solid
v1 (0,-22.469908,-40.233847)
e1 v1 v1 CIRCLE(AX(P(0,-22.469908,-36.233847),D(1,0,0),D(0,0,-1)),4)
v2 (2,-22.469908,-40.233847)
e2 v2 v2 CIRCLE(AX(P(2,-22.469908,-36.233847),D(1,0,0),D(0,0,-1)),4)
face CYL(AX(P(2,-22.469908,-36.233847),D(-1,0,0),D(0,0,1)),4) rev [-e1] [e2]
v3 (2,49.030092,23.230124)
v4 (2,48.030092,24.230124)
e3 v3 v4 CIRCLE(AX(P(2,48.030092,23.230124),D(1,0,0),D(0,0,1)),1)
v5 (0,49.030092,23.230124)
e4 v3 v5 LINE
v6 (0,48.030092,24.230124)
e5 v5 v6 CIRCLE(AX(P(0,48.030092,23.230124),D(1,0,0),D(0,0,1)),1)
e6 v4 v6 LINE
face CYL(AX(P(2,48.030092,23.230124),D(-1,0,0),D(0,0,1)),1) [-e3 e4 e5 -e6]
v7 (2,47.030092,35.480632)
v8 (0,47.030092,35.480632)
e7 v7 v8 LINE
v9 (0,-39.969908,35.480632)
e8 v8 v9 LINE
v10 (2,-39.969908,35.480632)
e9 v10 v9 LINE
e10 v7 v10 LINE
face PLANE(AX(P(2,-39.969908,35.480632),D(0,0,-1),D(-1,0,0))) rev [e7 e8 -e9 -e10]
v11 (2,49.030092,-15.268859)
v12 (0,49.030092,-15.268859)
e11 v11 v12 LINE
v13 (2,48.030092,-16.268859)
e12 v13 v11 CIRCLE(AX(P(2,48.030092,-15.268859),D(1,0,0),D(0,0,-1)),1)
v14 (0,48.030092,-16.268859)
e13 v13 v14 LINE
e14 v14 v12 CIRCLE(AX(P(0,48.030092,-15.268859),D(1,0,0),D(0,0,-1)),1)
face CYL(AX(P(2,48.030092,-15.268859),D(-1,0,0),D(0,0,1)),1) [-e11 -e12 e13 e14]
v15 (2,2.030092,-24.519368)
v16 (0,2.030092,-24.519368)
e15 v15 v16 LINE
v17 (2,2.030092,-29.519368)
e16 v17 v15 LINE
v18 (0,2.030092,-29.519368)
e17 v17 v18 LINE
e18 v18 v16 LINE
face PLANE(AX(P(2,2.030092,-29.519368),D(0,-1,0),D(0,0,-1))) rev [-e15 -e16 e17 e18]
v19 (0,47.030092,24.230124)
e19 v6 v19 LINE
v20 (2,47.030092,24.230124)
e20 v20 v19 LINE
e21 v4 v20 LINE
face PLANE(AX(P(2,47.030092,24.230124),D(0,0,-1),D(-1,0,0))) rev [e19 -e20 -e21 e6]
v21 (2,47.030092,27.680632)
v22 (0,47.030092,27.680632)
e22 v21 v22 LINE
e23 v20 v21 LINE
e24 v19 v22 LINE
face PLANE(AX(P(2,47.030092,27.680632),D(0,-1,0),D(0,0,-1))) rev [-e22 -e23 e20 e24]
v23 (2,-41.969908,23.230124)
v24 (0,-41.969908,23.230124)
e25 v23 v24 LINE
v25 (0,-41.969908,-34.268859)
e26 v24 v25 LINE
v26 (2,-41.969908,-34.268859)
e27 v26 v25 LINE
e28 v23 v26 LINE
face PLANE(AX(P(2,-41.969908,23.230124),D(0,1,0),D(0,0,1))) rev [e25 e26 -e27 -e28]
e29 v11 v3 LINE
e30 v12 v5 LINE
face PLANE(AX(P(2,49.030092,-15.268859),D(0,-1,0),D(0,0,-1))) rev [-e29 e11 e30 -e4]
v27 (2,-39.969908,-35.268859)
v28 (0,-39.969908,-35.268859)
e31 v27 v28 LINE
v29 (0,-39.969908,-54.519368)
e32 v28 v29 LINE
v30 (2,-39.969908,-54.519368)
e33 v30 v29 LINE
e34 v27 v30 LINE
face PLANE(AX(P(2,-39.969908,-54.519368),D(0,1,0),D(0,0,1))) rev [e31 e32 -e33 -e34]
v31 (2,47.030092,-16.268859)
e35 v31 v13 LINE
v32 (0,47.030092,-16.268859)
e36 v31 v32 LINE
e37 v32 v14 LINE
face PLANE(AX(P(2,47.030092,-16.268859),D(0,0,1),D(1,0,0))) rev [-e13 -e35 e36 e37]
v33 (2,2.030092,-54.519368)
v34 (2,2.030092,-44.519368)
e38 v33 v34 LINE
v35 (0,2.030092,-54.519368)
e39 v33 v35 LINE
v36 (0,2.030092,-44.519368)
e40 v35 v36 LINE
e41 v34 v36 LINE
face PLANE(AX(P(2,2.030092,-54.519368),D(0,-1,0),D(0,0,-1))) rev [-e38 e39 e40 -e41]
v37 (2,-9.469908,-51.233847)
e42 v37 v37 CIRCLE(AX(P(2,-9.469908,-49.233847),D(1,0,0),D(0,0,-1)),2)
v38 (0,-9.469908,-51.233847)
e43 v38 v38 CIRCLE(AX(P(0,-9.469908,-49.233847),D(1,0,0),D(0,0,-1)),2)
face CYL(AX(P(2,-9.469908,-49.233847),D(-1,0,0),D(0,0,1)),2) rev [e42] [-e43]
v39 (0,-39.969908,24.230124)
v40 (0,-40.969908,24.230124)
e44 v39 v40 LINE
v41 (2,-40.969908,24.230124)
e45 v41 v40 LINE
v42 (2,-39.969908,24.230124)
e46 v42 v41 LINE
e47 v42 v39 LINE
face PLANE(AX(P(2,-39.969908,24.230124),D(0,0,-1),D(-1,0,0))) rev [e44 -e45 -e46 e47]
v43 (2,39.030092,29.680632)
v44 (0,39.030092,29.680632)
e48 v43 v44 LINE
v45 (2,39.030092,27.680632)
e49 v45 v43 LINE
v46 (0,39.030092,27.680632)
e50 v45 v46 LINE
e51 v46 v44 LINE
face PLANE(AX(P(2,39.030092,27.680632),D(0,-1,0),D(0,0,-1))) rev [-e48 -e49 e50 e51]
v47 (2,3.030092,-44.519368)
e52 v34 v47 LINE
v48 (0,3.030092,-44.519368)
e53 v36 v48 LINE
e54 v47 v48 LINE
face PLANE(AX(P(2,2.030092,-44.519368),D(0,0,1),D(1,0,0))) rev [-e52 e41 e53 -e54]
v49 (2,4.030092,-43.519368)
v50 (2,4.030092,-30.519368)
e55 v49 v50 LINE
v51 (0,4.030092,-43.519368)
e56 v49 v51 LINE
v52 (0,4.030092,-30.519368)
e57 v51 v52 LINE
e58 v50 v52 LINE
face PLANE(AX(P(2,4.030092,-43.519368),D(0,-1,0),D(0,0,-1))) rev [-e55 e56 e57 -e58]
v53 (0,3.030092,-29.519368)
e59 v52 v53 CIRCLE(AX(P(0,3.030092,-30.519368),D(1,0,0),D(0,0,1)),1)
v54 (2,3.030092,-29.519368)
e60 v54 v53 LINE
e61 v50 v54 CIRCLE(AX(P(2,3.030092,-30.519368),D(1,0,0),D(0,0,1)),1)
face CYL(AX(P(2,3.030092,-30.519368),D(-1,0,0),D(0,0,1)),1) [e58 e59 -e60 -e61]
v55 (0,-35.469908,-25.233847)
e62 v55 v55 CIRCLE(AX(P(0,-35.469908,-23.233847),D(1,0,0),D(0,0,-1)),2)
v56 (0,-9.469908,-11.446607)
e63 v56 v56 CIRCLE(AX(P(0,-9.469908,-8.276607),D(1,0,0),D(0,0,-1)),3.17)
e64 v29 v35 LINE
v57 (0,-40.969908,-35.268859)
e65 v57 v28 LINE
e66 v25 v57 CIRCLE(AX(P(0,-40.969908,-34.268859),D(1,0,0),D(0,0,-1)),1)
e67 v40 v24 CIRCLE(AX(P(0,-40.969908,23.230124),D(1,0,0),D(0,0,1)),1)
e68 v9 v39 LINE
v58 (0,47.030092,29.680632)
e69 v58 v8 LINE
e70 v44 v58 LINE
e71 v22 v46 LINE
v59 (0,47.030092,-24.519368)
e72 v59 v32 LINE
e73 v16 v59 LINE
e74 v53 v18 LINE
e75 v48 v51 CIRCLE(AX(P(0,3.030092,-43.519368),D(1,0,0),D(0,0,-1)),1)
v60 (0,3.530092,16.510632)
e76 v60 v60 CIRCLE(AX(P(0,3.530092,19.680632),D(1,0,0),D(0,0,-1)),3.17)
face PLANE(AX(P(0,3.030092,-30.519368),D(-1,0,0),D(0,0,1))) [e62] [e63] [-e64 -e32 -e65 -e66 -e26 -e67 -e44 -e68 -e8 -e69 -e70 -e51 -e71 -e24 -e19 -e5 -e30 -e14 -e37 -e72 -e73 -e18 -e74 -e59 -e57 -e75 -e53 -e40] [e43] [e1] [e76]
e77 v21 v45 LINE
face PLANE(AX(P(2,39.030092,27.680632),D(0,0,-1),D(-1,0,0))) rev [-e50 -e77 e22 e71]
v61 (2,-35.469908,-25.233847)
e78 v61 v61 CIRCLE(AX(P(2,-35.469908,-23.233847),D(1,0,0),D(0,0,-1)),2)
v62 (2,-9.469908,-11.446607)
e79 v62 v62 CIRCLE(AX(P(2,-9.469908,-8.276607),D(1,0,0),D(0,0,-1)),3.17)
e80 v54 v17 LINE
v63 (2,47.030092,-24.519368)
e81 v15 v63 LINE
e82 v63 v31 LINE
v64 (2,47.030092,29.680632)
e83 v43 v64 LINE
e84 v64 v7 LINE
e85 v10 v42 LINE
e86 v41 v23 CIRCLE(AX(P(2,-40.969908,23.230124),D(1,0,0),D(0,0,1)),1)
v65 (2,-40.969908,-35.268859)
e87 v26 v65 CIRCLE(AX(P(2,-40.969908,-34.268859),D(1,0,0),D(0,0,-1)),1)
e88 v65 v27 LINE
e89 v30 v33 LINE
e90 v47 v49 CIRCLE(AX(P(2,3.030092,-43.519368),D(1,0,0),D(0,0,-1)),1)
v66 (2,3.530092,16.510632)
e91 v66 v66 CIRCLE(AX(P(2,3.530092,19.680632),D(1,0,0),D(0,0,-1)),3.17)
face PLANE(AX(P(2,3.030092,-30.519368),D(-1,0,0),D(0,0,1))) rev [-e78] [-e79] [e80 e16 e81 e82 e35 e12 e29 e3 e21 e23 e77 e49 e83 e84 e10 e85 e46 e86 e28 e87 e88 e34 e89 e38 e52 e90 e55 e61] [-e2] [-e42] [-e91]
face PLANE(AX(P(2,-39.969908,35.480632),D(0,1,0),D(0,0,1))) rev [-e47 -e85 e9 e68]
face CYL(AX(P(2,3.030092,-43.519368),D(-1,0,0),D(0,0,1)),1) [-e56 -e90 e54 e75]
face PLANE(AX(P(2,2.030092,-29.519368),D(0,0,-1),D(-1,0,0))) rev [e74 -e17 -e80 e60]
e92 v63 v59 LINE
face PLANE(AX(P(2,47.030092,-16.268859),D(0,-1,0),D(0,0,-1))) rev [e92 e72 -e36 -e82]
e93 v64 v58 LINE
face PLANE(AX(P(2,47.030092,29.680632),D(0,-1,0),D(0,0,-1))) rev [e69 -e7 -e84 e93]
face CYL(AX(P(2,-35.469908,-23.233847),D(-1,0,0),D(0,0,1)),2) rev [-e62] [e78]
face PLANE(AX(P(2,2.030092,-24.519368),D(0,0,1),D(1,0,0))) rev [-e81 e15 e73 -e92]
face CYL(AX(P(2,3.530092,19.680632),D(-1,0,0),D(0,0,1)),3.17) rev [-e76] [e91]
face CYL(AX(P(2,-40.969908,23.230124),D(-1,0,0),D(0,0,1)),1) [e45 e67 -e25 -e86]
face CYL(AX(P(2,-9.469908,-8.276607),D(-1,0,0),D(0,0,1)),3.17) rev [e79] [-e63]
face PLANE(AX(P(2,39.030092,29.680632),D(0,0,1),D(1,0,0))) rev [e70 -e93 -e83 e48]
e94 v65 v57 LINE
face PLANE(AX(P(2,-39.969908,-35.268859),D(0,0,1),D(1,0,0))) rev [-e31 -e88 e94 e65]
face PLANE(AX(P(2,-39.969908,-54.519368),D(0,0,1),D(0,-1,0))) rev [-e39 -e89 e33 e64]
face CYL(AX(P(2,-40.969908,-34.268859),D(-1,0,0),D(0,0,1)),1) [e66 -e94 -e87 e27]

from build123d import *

# Parameters (mm, degrees)
SKETCH1_R           = 4
SKETCH1_R_2         = 2
SKETCH1_R_3         = 3.17
BOSS_EXTRUDE1_DEPTH = 2


with BuildPart() as part:
    # Sketch1 → Boss-Extrude1 (new body)
    with BuildSketch(Plane(origin=(0, 0, 0), x_dir=(0, 0, -1), z_dir=(1, 0, 0))):
        with BuildLine():
            Line((54.519367594, -39.969907591), (54.519367594, 2.030092409))
            Line((54.519367594, 2.030092409), (44.519367594, 2.030092409))
            Line((44.519367594, 2.030092409), (44.519367594, 3.030092409))
            ThreePointArc((44.519367594, 3.030092409), (44.226474376, 3.73719919), (43.519367594, 4.030092409))
            Line((43.519367594, 4.030092409), (30.519367594, 4.030092409))
            ThreePointArc((30.519367594, 4.030092409), (29.812260813, 3.73719919), (29.519367594, 3.030092409))
            Line((29.519367594, 3.030092409), (29.519367594, 2.030092409))
            Line((29.519367594, 2.030092409), (24.519367594, 2.030092409))
            Line((24.519367594, 2.030092409), (24.519367594, 47.030092409))
            Line((24.519367594, 47.030092409), (16.268858723, 47.030092409))
            Line((16.268858723, 47.030092409), (16.268858723, 48.030092409))
            ThreePointArc((16.268858723, 48.030092409), (15.975965504, 48.73719919), (15.268858723, 49.030092409))
            Line((15.268858723, 49.030092409), (-23.230123534, 49.030092409))
            ThreePointArc((-23.230123534, 49.030092409), (-23.937230315, 48.73719919), (-24.230123534, 48.030092409))
            Line((-24.230123534, 48.030092409), (-24.230123534, 47.030092409))
            Line((-24.230123534, 47.030092409), (-27.680632406, 47.030092409))
            Line((-27.680632406, 47.030092409), (-27.680632406, 39.030092409))
            Line((-27.680632406, 39.030092409), (-29.680632406, 39.030092409))
            Line((-29.680632406, 39.030092409), (-29.680632406, 47.030092409))
            Line((-29.680632406, 47.030092409), (-35.480632406, 47.030092409))
            Line((-35.480632406, 47.030092409), (-35.480632406, -39.969907591))
            Line((-35.480632406, -39.969907591), (-24.230123534, -39.969907591))
            Line((-24.230123534, -39.969907591), (-24.230123534, -40.969907591))
            ThreePointArc((-24.230123534, -40.969907591), (-23.937230315, -41.677014372), (-23.230123534, -41.969907591))
            Line((-23.230123534, -41.969907591), (34.268858723, -41.969907591))
            ThreePointArc((34.268858723, -41.969907591), (34.975965504, -41.677014372), (35.268858723, -40.969907591))
            Line((35.268858723, -40.969907591), (35.268858723, -39.969907591))
            Line((35.268858723, -39.969907591), (54.519367594, -39.969907591))
        make_face()
        with Locations((36.233846968, -22.469907591)):
            Circle(SKETCH1_R, mode=Mode.SUBTRACT)
        with Locations((49.233846968, -9.469907591)):
            Circle(SKETCH1_R_2, mode=Mode.SUBTRACT)
        with Locations((23.233846968, -35.469907591)):
            Circle(SKETCH1_R_2, mode=Mode.SUBTRACT)
        with Locations((-19.680632406, 3.530092409)):
            Circle(SKETCH1_R_3, mode=Mode.SUBTRACT)
        with Locations((8.276607281, -9.469907591)):
            Circle(SKETCH1_R_3, mode=Mode.SUBTRACT)
    extrude(amount=BOSS_EXTRUDE1_DEPTH)


solid = part.part
